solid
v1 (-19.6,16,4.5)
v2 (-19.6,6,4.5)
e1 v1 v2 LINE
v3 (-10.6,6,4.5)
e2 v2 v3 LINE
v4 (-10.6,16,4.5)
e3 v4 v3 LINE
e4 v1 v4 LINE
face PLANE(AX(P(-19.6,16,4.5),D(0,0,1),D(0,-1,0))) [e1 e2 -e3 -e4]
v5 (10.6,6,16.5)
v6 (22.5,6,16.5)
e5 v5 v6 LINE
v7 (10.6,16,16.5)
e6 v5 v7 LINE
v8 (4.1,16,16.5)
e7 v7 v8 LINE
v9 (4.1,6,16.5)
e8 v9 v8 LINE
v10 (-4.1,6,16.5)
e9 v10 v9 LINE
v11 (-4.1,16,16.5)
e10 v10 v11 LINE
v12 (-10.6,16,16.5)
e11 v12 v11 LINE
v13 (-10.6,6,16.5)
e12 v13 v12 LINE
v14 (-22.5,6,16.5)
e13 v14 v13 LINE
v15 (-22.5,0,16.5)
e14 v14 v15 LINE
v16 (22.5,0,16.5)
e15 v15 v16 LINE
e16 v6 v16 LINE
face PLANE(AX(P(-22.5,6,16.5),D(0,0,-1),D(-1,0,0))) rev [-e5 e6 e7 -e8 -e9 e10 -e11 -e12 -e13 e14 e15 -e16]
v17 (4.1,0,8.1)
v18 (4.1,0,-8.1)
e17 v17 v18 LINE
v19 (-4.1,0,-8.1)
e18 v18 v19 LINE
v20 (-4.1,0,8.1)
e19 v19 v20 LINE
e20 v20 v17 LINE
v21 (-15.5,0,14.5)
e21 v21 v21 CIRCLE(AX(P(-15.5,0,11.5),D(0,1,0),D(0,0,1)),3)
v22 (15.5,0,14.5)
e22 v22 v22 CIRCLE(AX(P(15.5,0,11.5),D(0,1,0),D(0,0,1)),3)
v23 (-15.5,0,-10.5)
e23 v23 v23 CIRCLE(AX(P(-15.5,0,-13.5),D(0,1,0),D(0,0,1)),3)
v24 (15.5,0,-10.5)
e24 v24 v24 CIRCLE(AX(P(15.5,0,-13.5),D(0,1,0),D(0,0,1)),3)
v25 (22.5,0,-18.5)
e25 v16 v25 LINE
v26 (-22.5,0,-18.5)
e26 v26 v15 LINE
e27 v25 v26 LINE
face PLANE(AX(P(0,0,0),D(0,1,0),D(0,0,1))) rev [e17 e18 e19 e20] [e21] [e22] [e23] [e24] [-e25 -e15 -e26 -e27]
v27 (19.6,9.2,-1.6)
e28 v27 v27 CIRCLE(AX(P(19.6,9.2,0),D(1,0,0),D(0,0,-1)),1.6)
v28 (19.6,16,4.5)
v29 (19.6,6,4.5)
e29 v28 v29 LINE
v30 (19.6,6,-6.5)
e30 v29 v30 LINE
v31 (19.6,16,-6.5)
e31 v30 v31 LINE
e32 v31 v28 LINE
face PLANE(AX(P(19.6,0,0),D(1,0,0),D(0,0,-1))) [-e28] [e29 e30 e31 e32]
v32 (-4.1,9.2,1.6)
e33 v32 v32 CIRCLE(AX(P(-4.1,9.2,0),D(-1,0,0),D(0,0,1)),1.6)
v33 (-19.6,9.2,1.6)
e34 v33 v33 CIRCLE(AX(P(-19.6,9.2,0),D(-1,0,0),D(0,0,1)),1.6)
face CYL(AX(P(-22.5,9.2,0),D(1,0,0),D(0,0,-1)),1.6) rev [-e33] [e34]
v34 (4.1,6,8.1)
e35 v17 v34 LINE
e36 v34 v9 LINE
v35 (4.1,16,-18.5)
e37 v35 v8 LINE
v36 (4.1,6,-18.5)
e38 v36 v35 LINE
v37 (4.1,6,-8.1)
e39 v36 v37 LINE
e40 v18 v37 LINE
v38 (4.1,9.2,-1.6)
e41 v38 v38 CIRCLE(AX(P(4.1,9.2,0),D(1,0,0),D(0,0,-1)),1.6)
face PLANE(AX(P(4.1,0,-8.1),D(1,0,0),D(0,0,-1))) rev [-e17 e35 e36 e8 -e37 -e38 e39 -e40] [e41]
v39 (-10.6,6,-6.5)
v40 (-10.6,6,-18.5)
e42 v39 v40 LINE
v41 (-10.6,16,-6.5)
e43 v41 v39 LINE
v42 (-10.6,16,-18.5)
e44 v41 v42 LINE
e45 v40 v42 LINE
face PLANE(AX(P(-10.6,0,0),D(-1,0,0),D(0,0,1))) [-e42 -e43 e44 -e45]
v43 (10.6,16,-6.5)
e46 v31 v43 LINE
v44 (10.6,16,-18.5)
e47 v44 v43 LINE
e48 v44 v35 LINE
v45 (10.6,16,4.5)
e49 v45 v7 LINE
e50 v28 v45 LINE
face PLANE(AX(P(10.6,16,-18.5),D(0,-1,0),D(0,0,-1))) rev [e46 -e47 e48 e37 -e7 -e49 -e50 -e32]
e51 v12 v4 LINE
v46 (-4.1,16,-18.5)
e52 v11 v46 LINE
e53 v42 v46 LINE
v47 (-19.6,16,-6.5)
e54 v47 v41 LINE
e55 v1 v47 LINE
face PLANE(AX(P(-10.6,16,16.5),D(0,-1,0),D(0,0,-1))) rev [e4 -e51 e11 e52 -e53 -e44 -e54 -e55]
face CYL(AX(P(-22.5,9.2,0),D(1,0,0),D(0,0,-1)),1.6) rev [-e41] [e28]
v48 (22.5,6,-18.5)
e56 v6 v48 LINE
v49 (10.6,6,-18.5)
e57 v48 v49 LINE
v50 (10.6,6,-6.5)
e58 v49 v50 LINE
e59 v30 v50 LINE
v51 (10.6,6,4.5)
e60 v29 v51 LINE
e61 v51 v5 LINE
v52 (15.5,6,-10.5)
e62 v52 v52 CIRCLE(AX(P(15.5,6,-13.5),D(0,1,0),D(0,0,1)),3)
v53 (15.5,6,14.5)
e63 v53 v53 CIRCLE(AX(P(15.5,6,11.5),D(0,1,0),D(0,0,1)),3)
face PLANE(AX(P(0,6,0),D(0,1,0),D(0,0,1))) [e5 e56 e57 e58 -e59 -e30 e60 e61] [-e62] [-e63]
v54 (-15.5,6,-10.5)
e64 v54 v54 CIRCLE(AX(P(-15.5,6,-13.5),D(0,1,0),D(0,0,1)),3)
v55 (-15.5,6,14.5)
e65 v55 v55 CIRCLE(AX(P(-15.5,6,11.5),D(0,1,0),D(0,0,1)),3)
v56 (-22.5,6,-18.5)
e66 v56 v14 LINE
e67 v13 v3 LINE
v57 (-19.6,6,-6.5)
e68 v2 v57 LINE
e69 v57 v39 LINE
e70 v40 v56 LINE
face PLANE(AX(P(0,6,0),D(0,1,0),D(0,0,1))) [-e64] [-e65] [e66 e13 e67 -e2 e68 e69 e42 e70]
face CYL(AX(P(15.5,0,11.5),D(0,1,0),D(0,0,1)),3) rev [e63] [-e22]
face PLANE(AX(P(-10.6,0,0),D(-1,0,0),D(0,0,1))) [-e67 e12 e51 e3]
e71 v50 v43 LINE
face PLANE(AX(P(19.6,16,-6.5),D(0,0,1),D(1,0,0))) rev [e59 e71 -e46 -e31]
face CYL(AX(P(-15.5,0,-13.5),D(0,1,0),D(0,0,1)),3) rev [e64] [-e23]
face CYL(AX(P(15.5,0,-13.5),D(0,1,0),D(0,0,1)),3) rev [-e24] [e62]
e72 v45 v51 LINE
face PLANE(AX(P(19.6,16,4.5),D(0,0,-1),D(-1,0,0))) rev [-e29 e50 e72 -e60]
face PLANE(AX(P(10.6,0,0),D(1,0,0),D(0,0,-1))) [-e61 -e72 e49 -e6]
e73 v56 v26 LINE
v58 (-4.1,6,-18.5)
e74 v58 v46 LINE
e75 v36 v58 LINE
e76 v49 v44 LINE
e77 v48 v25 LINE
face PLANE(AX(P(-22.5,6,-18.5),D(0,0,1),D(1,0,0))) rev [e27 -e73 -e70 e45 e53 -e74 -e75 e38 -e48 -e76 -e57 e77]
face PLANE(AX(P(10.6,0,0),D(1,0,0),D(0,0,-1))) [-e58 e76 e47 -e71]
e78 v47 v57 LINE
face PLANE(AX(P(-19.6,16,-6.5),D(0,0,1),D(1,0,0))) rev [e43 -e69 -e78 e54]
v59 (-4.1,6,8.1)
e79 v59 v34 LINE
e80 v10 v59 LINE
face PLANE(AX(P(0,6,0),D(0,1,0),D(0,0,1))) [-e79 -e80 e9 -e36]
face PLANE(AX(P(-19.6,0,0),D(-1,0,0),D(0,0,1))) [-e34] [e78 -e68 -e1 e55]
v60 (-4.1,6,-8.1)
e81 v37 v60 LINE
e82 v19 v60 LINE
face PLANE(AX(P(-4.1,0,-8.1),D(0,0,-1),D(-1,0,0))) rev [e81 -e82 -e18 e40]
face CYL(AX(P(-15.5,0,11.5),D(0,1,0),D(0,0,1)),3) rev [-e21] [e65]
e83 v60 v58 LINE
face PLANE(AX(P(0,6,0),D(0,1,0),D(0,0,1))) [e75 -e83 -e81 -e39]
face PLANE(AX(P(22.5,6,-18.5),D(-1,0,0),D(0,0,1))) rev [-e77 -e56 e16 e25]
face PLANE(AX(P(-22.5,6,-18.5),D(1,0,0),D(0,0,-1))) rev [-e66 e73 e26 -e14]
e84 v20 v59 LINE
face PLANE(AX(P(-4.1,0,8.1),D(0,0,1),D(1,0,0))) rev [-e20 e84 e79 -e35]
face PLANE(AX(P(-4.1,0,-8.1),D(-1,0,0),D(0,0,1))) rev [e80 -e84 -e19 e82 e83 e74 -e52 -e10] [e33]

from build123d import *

# Parameters (mm, degrees)
ESQUISSE1_W                  = 45
ESQUISSE1_H                  = 35
BOSS_EXTRU_1_DEPTH           = 6
ESQUISSE2_R                  = 3
ENL_V_MAT_EXTRU_1_DEPTH      = 7
ESQUISSE3_W                  = 8.2
ESQUISSE3_H                  = 16.2
ENL_V_MAT_EXTRU_2_DEPTH      = 7
ESQUISSE4_W                  = 35
ESQUISSE4_H                  = 10
BOSS_EXTRU_2_DEPTH           = 6.5
ESQUISSE5_W                  = 35
ESQUISSE5_H                  = 10
BOSS_EXTRU_3_DEPTH           = 6.5
ESQUISSE7_W                  = 11
ESQUISSE7_H                  = 10
BOSS_EXTRU_4_DEPTH           = 9
ESQUISSE8_W                  = 11
ESQUISSE8_H                  = 10
BOSS_EXTRU_5_DEPTH           = 9
ESQUISSE6_R                  = 1.6
ENL_V_MAT_EXTRU_3_DEPTH      = 12.9
ENL_V_MAT_EXTRU_3_DEPTH_BACK = 34.1


with BuildPart() as part:
    # Esquisse1 → Boss.-Extru.1 (new body)
    with BuildSketch(Plane(origin=(0, 0, 0), x_dir=(1, 0, 0), z_dir=(0, 1, 0))):
        with Locations((0, 1)):
            Rectangle(ESQUISSE1_W, ESQUISSE1_H)
    extrude(amount=BOSS_EXTRU_1_DEPTH)

    # Esquisse2 → Enlèv. mat.-Extru.1 (cut, through all)
    with BuildSketch(Plane(origin=(0, 6, 0), x_dir=(1, 0, 0), z_dir=(0, 1, 0))):
        with Locations((-15.5, 13.5)):
            Circle(ESQUISSE2_R)
        with Locations((-15.5, -11.5)):
            Circle(ESQUISSE2_R)
        with Locations((15.5, -11.5)):
            Circle(ESQUISSE2_R)
        with Locations((15.5, 13.5)):
            Circle(ESQUISSE2_R)
    extrude(amount=-ENL_V_MAT_EXTRU_1_DEPTH, mode=Mode.SUBTRACT)

    # Esquisse3 → Enlèv. mat.-Extru.2 (cut, through all)
    with BuildSketch(Plane(origin=(0, 6, 0), x_dir=(1, 0, 0), z_dir=(0, 1, 0))):
        Rectangle(ESQUISSE3_W, ESQUISSE3_H)
    extrude(amount=-ENL_V_MAT_EXTRU_2_DEPTH, mode=Mode.SUBTRACT)

    # Esquisse4 → Boss.-Extru.2 (add)
    with BuildSketch(Plane(origin=(-4.1, 0, 0), x_dir=(0, 0, -1), z_dir=(1, 0, 0))):
        with Locations((1, 11)):
            Rectangle(ESQUISSE4_W, ESQUISSE4_H)
    extrude(amount=-BOSS_EXTRU_2_DEPTH)

    # Esquisse5 → Boss.-Extru.3 (add)
    with BuildSketch(Plane(origin=(4.1, 0, -4), x_dir=(0, 0, 1), z_dir=(-1, 0, 0))):
        with Locations((3, 11)):
            Rectangle(ESQUISSE5_W, ESQUISSE5_H)
    extrude(amount=-BOSS_EXTRU_3_DEPTH)

    # Esquisse7 → Boss.-Extru.4 (add)
    with BuildSketch(Plane(origin=(10.6, 0, 0), x_dir=(0, 0, -1), z_dir=(1, 0, 0))):
        with Locations((1, 11)):
            Rectangle(ESQUISSE7_W, ESQUISSE7_H)
    extrude(amount=BOSS_EXTRU_4_DEPTH)

    # Esquisse8 → Boss.-Extru.5 (add)
    with BuildSketch(Plane(origin=(-10.6, 0, -10.5), x_dir=(0, 0, -1), z_dir=(1, 0, 0))):
        with Locations((-9.5, 11)):
            Rectangle(ESQUISSE8_W, ESQUISSE8_H)
    extrude(amount=-BOSS_EXTRU_5_DEPTH)

    # Esquisse6 → Enlèv. mat.-Extru.3 (cut, two sides)
    with BuildSketch(Plane(origin=(10.6, 0, 0), x_dir=(0, 0, -1), z_dir=(1, 0, 0))) as enl_v_mat_extru_3_sk:
        with Locations((0, 9.2)):
            Circle(ESQUISSE6_R)
    extrude(amount=ENL_V_MAT_EXTRU_3_DEPTH, mode=Mode.SUBTRACT)
    extrude(enl_v_mat_extru_3_sk.sketch, amount=-ENL_V_MAT_EXTRU_3_DEPTH_BACK, mode=Mode.SUBTRACT)


solid = part.part
